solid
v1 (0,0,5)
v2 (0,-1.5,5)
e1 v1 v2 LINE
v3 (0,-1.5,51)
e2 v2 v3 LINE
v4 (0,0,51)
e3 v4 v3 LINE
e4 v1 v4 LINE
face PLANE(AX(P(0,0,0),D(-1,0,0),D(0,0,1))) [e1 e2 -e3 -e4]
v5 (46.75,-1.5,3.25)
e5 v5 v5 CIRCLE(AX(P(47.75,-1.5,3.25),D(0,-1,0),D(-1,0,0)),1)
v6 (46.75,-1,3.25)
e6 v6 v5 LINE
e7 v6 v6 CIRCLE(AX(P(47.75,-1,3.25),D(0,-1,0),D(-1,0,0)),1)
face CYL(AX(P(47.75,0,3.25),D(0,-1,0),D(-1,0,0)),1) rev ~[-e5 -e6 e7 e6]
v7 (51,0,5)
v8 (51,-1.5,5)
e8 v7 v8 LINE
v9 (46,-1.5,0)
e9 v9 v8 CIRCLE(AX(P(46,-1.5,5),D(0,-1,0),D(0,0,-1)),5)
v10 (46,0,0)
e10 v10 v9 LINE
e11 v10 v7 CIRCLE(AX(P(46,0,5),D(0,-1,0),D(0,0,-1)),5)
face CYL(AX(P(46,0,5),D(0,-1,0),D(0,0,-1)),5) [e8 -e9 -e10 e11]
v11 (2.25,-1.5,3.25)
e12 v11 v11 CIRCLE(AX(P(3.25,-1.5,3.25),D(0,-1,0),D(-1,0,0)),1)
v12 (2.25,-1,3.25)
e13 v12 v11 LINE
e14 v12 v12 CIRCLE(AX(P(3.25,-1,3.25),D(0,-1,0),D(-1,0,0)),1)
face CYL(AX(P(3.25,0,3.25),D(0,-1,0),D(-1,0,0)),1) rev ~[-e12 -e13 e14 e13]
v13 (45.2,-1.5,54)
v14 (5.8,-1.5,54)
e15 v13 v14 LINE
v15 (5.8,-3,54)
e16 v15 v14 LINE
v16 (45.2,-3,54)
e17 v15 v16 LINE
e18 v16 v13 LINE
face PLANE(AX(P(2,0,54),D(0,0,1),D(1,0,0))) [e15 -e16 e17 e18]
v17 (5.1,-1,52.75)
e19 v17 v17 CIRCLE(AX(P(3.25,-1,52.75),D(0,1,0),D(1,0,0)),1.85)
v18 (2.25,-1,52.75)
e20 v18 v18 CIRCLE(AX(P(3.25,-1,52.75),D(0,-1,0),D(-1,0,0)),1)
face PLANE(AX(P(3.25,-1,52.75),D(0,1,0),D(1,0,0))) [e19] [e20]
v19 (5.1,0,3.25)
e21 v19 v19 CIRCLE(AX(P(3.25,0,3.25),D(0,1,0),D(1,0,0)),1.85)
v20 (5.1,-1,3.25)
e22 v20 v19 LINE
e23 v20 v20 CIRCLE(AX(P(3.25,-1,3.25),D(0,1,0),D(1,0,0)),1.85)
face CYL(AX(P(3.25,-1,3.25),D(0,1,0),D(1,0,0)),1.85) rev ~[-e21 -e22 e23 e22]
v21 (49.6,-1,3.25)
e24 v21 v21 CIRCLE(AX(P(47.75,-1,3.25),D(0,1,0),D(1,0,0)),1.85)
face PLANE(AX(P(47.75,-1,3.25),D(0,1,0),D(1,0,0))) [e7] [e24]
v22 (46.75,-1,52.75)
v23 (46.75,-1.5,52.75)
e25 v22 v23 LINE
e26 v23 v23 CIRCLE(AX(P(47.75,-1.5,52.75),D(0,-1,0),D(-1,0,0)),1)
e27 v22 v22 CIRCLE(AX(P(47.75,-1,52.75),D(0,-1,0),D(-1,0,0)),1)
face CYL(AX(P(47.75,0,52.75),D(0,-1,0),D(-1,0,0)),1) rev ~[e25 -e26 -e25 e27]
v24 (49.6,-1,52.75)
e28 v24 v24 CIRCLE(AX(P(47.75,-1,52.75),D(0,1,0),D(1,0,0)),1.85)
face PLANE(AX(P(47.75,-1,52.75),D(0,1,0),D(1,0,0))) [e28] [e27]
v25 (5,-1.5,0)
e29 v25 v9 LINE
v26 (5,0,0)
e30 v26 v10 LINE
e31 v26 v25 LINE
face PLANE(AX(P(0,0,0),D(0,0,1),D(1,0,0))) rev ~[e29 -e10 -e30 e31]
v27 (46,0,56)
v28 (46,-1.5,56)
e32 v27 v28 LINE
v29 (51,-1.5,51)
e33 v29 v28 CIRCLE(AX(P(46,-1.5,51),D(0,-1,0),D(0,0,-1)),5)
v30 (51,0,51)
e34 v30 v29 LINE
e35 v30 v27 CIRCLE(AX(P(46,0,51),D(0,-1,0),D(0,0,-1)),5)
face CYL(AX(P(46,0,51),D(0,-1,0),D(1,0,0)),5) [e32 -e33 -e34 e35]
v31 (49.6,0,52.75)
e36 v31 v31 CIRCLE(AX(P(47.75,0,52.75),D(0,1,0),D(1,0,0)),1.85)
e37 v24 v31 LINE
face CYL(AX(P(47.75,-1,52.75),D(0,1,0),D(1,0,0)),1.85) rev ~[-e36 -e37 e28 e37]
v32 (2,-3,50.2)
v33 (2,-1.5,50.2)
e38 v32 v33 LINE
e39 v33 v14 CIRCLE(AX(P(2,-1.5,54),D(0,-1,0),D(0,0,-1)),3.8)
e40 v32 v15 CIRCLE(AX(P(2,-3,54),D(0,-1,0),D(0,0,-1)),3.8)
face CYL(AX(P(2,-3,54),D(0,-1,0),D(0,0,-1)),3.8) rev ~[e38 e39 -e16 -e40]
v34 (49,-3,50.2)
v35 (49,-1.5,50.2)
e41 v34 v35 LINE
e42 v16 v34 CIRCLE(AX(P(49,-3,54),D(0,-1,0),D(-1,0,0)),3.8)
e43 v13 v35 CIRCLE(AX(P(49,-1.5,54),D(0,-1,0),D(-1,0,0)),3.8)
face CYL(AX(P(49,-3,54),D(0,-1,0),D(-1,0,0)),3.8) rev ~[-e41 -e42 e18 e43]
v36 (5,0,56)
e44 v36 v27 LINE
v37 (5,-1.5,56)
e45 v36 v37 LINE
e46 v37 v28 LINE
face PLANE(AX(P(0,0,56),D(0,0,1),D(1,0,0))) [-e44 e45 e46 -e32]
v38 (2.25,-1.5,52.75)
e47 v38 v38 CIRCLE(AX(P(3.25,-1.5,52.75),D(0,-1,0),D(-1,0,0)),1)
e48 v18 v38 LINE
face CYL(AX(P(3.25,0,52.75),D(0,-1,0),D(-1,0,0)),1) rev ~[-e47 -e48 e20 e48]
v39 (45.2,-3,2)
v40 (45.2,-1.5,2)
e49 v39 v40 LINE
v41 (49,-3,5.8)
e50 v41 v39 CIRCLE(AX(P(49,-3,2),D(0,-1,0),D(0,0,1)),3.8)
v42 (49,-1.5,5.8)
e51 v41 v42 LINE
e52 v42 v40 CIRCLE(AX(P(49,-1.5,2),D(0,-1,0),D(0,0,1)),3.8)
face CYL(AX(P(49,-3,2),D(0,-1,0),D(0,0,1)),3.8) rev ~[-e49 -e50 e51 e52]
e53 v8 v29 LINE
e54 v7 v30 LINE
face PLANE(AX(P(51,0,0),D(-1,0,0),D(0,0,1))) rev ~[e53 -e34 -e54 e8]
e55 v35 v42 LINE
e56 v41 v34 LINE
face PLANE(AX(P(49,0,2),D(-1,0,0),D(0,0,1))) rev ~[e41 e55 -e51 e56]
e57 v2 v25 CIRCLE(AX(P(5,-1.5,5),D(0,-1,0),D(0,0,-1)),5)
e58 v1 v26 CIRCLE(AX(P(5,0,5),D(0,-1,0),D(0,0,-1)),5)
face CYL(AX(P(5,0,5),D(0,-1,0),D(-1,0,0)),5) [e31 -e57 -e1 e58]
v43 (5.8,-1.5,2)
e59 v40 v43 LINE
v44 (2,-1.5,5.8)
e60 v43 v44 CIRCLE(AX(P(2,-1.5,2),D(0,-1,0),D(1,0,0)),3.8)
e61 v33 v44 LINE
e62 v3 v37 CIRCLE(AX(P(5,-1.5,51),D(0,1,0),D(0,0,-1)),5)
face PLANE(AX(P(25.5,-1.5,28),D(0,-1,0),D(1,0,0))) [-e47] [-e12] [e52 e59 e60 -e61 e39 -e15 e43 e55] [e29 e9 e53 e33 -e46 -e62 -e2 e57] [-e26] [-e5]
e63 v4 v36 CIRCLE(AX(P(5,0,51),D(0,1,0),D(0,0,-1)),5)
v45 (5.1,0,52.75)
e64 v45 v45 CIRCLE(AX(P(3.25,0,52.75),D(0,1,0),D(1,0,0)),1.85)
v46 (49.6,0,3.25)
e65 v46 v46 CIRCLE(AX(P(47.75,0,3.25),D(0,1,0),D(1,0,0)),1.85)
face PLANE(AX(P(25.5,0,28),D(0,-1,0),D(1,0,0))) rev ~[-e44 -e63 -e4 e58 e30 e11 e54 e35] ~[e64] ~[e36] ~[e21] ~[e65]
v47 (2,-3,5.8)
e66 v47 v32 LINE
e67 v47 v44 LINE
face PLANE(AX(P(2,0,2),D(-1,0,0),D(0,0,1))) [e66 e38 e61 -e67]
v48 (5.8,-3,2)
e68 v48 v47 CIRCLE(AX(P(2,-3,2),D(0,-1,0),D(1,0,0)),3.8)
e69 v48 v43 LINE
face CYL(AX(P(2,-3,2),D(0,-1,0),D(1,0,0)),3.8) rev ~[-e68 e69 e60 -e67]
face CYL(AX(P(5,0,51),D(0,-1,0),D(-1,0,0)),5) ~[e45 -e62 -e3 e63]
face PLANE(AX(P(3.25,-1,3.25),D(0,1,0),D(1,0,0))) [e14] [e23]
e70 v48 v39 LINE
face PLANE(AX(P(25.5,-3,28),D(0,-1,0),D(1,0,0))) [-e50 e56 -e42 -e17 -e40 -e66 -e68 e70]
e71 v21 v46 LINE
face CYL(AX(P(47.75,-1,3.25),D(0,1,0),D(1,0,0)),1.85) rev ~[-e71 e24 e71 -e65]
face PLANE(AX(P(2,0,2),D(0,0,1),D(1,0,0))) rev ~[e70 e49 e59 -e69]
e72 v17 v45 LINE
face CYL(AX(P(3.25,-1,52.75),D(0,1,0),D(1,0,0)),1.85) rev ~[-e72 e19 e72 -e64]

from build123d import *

# Parameters (mm, degrees)
F0_W           = 51
F0_H           = 56
F0_W_2         = 47
F0_H_2         = 52
F1_DEPTH       = 1.5
F2_R           = 5
F3_DEPTH       = 3
F5_D           = 2
F5_CBORE_D     = 3.7
F5_CBORE_DEPTH = 1
F7_DEPTH       = 1.5


with BuildPart() as f1:
    # F0 (on Front) → F1 (new body)
    with BuildSketch(Plane.XZ):
        with Locations((25.5, 28)):
            Rectangle(F0_W, F0_H)
        with Locations((25.5, 28)):
            Rectangle(F0_W_2, F0_H_2, mode=Mode.SUBTRACT)
        with Locations((25.5, 28)):
            Rectangle(F0_W_2, F0_H_2)
    extrude(amount=F1_DEPTH)

    # F2
    f2_edges = [f1.edges().sort_by_distance(p)[0] for p in [
        (0, -0.75, 56),
        (51, -0.75, 56),
        (51, -0.75, 0),
        (0, -0.75, 0),
    ]]
    fillet(f2_edges, radius=F2_R)

    # F0 (on Front) → F3 (join)
    with BuildSketch(Plane.XZ):
        with Locations((25.5, 28)):
            Rectangle(F0_W_2, F0_H_2)
    extrude(amount=F3_DEPTH)

    # F5 (through all)
    with Locations(Plane(origin=(0, 0, 0), x_dir=(1, 0, 0), z_dir=(0, 1, 0))):
        with Locations((47.75, -52.75), (3.25, -52.75), (47.75, -3.25), (3.25, -3.25)):
            CounterBoreHole(F5_D / 2, F5_CBORE_D / 2, F5_CBORE_DEPTH)

    # F6 (on face) → F7 (cut)
    with BuildSketch(Plane.XZ.offset(3)):
        with BuildLine():
            Line((2, 54), (2, 50.2))
            ThreePointArc((2, 50.2), (4.6870057685, 51.3129942315), (5.8, 54))
            Line((5.8, 54), (2, 54))
        make_face()
        with BuildLine():
            ThreePointArc((45.2, 54), (46.3129942315, 51.3129942315), (49, 50.2))
            Line((49, 50.2), (49, 54))
            Line((49, 54), (45.2, 54))
        make_face()
        with BuildLine():
            Line((49, 2), (49, 5.8))
            ThreePointArc((49, 5.8), (46.3129942315, 4.6870057685), (45.2, 2))
            Line((45.2, 2), (49, 2))
        make_face()
        with BuildLine():
            ThreePointArc((5.8, 2), (4.6870057685, 4.6870057685), (2, 5.8))
            Line((2, 5.8), (2, 2))
            Line((2, 2), (5.8, 2))
        make_face()
    extrude(amount=-F7_DEPTH, mode=Mode.SUBTRACT)


solid = f1.part
